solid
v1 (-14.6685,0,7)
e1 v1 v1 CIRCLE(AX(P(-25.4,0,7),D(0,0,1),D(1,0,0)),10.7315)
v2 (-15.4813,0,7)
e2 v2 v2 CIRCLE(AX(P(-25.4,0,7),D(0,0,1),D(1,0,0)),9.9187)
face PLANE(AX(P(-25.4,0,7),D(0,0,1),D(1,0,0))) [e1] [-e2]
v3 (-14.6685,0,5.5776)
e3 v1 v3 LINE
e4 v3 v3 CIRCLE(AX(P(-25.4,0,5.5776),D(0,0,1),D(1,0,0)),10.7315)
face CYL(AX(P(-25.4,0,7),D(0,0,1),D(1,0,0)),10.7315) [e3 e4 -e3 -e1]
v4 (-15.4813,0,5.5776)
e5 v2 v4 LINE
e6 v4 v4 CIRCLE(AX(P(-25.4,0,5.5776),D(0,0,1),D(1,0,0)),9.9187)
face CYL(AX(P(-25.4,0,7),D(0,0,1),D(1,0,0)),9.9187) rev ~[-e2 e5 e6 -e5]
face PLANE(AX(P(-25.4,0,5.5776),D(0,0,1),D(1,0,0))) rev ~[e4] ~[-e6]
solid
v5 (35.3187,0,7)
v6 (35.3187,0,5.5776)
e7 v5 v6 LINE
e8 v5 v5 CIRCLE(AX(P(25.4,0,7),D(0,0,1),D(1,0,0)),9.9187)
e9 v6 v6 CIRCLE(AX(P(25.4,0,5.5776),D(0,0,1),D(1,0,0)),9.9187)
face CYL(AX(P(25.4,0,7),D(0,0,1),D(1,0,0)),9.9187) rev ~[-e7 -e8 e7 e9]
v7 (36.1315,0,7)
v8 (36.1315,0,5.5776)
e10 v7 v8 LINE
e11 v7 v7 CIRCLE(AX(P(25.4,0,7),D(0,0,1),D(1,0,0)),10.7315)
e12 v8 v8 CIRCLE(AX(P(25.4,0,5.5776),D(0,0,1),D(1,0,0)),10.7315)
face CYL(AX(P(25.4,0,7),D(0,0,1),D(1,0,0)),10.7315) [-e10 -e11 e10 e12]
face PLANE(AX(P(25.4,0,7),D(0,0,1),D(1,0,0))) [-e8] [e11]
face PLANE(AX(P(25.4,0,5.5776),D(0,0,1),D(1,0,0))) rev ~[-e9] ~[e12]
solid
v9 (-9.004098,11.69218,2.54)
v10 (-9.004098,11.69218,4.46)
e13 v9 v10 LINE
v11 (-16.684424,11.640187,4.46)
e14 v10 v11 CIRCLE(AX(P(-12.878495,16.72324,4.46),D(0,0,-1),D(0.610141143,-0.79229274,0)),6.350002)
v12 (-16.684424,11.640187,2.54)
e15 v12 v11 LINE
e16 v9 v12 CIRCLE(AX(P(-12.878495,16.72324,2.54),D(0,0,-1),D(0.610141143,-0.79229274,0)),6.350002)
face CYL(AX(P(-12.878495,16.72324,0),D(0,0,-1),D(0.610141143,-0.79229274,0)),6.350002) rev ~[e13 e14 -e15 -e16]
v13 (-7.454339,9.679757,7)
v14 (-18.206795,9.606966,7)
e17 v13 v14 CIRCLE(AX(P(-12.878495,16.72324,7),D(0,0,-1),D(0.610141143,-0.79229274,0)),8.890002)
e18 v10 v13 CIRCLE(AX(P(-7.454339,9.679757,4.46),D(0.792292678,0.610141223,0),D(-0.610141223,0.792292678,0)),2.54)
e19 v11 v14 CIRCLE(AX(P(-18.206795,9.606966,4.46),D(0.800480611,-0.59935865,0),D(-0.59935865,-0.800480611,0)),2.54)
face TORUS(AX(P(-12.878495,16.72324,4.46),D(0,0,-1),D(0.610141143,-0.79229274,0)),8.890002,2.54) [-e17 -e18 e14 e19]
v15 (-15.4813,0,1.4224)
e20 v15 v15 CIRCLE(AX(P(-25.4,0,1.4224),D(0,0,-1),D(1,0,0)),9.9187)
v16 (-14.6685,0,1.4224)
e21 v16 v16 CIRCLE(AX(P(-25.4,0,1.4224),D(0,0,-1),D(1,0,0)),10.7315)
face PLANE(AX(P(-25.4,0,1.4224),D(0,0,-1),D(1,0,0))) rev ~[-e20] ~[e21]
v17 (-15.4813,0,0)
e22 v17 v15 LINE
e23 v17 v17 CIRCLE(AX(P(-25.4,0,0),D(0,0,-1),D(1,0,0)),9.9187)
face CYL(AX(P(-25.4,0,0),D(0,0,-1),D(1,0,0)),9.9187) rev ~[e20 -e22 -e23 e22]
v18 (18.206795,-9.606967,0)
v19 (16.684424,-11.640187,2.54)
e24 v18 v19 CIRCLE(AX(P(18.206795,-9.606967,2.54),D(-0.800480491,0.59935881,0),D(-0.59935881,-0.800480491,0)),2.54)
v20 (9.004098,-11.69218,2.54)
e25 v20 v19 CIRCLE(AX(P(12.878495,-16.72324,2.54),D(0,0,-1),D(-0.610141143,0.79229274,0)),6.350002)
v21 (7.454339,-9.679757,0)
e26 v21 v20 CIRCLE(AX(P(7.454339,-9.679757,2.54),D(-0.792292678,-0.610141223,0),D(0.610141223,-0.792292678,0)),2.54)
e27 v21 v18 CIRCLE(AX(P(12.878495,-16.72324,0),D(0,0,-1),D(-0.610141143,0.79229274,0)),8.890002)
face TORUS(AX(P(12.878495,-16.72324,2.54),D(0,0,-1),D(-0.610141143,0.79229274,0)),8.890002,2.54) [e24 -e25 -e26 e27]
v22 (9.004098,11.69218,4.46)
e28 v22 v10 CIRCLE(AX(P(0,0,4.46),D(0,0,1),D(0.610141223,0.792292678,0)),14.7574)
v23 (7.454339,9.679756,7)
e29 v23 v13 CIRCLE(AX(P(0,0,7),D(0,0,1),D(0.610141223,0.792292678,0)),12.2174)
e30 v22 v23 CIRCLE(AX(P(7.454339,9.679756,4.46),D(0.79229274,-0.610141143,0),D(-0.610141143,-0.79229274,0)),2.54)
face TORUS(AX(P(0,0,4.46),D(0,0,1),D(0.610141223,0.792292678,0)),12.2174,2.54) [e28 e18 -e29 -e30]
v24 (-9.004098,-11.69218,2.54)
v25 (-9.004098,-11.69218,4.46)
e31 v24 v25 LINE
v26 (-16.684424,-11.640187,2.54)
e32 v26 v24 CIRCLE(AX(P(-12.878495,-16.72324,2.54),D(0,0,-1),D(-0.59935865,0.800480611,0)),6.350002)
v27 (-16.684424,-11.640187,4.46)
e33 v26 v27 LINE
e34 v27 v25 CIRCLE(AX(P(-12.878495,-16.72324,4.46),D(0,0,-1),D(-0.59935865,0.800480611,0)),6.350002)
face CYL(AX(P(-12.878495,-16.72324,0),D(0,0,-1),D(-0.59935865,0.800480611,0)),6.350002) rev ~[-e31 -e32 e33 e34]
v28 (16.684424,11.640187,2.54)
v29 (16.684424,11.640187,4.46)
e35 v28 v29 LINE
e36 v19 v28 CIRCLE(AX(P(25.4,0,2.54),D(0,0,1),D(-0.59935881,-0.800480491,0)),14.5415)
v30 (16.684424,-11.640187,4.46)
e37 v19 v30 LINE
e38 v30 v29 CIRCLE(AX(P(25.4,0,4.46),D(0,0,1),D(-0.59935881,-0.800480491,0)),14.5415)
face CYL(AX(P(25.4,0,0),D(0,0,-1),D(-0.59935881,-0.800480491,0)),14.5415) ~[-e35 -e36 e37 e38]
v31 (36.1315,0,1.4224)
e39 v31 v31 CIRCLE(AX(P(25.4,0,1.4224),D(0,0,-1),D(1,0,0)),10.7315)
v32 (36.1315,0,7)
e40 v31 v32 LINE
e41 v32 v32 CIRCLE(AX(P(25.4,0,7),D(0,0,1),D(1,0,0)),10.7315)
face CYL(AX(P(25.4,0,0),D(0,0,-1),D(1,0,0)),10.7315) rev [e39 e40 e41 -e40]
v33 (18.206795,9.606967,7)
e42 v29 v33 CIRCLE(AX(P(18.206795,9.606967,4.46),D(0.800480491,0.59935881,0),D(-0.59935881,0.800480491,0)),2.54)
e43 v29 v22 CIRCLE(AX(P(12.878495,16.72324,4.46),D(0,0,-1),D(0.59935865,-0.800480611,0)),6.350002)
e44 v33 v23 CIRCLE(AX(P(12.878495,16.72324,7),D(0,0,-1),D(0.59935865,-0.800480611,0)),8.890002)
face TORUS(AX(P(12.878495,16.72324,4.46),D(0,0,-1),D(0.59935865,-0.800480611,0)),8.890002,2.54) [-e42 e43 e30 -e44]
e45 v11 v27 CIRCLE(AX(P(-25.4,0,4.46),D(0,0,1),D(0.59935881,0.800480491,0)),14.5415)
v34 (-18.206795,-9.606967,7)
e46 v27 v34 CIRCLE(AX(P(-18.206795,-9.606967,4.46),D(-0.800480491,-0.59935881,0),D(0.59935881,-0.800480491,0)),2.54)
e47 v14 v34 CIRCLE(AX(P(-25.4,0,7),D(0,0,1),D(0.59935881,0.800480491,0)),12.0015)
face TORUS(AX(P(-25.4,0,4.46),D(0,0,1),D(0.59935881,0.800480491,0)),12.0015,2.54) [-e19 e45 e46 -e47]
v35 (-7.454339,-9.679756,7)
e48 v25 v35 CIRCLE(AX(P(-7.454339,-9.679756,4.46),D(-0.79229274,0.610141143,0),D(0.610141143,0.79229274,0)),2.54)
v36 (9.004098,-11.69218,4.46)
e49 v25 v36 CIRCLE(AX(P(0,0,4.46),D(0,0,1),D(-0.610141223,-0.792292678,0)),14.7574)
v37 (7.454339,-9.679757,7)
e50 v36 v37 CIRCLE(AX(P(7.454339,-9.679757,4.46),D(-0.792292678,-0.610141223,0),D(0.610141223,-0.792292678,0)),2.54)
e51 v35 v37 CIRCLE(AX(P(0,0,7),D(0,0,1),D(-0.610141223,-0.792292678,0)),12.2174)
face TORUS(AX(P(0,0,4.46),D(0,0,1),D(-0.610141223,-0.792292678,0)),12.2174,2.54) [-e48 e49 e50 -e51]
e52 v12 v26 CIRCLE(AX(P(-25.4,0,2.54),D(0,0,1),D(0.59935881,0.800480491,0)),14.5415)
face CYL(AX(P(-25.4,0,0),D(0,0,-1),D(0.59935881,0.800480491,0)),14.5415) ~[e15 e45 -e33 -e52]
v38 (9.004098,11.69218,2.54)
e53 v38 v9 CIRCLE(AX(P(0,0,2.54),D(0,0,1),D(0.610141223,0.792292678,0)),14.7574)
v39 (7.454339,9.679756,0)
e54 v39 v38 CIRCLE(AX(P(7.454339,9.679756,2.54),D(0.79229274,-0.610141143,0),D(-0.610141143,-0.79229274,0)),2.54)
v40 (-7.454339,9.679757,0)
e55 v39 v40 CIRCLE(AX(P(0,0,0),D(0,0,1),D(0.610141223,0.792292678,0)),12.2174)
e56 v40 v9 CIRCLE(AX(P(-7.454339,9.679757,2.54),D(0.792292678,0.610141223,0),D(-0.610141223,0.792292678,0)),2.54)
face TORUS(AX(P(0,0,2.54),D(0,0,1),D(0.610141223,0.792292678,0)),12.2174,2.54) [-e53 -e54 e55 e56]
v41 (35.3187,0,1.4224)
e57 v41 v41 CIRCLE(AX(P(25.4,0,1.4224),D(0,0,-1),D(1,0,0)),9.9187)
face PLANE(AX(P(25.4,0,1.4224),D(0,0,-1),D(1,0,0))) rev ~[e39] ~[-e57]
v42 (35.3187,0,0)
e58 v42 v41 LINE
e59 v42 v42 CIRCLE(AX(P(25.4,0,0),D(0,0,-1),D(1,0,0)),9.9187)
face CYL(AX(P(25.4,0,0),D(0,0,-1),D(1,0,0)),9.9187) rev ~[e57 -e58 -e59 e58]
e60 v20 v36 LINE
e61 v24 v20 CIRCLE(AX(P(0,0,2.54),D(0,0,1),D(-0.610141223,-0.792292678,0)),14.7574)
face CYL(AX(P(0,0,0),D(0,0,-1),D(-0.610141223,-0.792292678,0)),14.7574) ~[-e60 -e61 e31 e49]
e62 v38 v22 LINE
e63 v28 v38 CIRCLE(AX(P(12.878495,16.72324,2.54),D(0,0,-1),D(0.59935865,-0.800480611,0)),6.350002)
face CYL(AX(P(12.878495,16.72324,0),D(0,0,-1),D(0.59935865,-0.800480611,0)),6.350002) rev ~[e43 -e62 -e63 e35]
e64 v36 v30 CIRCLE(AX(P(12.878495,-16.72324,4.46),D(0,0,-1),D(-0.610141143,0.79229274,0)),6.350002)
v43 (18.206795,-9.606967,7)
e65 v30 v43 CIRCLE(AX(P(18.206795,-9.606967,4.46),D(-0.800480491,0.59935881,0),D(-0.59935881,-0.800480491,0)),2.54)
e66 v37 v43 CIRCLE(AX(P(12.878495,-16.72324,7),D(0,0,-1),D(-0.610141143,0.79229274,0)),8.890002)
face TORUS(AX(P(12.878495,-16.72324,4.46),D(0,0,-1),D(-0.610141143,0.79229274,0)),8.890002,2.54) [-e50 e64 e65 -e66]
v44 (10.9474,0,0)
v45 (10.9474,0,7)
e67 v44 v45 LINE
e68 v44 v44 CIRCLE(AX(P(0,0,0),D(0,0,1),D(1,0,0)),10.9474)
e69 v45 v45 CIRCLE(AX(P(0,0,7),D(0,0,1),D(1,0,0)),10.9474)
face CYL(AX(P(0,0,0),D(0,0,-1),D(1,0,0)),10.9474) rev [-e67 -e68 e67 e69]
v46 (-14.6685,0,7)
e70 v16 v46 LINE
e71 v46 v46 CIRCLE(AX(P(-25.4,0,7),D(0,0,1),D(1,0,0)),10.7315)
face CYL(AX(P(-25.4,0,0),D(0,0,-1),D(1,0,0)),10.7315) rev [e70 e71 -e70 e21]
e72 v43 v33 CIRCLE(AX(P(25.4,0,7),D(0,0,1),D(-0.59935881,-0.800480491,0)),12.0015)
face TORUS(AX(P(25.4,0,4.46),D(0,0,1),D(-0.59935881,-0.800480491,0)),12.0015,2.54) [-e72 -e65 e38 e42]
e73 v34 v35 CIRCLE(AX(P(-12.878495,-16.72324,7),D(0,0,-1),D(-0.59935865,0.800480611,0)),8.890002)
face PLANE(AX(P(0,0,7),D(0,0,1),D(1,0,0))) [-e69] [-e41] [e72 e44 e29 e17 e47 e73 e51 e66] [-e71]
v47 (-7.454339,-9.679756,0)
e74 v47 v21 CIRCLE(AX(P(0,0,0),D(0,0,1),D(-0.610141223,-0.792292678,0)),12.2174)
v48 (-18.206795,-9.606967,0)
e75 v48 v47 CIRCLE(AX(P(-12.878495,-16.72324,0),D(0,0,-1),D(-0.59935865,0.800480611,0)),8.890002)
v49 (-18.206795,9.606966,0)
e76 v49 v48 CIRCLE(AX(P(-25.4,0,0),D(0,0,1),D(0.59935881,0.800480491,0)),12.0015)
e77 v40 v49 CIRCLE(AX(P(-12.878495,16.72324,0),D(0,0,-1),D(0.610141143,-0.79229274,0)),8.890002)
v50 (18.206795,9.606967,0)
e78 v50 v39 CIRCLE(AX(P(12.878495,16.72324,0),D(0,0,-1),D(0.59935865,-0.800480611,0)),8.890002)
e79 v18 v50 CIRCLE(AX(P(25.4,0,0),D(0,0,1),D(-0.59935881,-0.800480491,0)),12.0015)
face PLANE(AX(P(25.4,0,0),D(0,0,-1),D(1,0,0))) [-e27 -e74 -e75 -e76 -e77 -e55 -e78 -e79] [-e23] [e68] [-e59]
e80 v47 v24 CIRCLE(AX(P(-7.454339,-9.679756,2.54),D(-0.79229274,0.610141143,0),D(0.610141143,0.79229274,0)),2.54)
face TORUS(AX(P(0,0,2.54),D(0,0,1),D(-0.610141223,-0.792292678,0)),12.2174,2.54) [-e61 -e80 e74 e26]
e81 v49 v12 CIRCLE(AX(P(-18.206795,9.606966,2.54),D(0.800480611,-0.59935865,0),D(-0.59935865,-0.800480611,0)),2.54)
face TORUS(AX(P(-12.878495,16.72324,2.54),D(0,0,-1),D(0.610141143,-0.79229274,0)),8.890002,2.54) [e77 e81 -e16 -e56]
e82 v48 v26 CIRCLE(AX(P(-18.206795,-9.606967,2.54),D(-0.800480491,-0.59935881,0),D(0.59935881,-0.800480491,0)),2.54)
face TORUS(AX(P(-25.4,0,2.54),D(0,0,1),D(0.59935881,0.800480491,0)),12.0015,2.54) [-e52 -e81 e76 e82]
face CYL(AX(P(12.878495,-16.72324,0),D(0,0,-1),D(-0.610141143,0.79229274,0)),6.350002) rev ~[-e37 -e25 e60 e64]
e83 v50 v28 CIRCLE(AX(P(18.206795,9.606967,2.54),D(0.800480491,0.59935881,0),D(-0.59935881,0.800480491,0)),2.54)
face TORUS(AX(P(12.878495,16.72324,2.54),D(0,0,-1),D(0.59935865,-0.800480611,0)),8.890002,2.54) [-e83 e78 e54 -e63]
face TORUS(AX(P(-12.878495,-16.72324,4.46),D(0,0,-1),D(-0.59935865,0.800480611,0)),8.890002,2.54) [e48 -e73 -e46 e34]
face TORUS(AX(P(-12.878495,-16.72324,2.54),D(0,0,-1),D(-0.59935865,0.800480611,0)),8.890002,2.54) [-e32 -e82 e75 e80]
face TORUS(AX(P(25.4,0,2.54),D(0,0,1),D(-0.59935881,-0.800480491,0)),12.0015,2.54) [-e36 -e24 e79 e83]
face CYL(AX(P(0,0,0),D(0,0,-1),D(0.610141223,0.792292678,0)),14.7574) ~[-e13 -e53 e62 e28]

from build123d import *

# Parameters (mm, degrees)
F0_R     = 10.7315
F0_R_2   = 10.9474
F1_DEPTH = 7
F2_R     = 10.7315
F2_R_2   = 9.9187
F3_DEPTH = 1.4224
F4_R     = 10.7315
F4_R_2   = 9.9187
F5_DEPTH = 1.4224
F6_R     = 2.54


with BuildPart() as f1:
    # F0 (on Top) → F1 (new body)
    with BuildSketch(Plane.XY):
        with BuildLine():
            ThreePointArc((-9.004098, 11.69218), (-12.835509, 10.373384), (-16.684424, 11.640187))
            ThreePointArc((-16.684424, 11.640187), (-39.9415, 0), (-16.684424, -11.640187))
            ThreePointArc((-16.684424, -11.640187), (-12.835509, -10.373384), (-9.004098, -11.69218))
            ThreePointArc((-9.004098, -11.69218), (0, -14.7574), (9.004098, -11.69218))
            ThreePointArc((9.004098, -11.69218), (12.835509, -10.373384), (16.684424, -11.640187))
            ThreePointArc((16.684424, -11.640187), (39.9415, 0), (16.684424, 11.640187))
            ThreePointArc((16.684424, 11.640187), (12.835509, 10.373384), (9.004098, 11.69218))
            ThreePointArc((9.004098, 11.69218), (0, 14.7574), (-9.004098, 11.69218))
        make_face()
        with Locations((-25.4, 0)):
            Circle(F0_R, mode=Mode.SUBTRACT)
        Circle(F0_R_2, mode=Mode.SUBTRACT)
        with Locations((25.4, 0)):
            Circle(F0_R, mode=Mode.SUBTRACT)
    extrude(amount=F1_DEPTH)

    # F4 (on face) → F5 (join)
    with BuildSketch(Plane(origin=(0, 0, 0), x_dir=(1, 0, 0), z_dir=(0, 0, -1))):
        with Locations((25.4, 0)):
            Circle(F4_R)
        with Locations((25.4, 0)):
            Circle(F4_R_2, mode=Mode.SUBTRACT)
        with Locations((-25.4, 0)):
            Circle(F4_R)
        with Locations((-25.4, 0)):
            Circle(F4_R_2, mode=Mode.SUBTRACT)
    extrude(amount=-F5_DEPTH)

    # F6
    f6_edges = [f1.edges().sort_by_distance(p)[0] for p in [
        (39.9415, 0, 0),
        (39.9415, 0, 7),
    ]]
    fillet(f6_edges, radius=F6_R)


with BuildPart() as f3:
    # F2 (on face) → F3 (new body)
    with BuildSketch(Plane.XY.offset(7)):
        with Locations((-25.4, 0)):
            Circle(F2_R)
        with Locations((-25.4, 0)):
            Circle(F2_R_2, mode=Mode.SUBTRACT)
        with Locations((25.4, 0)):
            Circle(F2_R)
        with Locations((25.4, 0)):
            Circle(F2_R_2, mode=Mode.SUBTRACT)
    extrude(amount=-F3_DEPTH)


solid = Compound([f1.part, f3.part])
